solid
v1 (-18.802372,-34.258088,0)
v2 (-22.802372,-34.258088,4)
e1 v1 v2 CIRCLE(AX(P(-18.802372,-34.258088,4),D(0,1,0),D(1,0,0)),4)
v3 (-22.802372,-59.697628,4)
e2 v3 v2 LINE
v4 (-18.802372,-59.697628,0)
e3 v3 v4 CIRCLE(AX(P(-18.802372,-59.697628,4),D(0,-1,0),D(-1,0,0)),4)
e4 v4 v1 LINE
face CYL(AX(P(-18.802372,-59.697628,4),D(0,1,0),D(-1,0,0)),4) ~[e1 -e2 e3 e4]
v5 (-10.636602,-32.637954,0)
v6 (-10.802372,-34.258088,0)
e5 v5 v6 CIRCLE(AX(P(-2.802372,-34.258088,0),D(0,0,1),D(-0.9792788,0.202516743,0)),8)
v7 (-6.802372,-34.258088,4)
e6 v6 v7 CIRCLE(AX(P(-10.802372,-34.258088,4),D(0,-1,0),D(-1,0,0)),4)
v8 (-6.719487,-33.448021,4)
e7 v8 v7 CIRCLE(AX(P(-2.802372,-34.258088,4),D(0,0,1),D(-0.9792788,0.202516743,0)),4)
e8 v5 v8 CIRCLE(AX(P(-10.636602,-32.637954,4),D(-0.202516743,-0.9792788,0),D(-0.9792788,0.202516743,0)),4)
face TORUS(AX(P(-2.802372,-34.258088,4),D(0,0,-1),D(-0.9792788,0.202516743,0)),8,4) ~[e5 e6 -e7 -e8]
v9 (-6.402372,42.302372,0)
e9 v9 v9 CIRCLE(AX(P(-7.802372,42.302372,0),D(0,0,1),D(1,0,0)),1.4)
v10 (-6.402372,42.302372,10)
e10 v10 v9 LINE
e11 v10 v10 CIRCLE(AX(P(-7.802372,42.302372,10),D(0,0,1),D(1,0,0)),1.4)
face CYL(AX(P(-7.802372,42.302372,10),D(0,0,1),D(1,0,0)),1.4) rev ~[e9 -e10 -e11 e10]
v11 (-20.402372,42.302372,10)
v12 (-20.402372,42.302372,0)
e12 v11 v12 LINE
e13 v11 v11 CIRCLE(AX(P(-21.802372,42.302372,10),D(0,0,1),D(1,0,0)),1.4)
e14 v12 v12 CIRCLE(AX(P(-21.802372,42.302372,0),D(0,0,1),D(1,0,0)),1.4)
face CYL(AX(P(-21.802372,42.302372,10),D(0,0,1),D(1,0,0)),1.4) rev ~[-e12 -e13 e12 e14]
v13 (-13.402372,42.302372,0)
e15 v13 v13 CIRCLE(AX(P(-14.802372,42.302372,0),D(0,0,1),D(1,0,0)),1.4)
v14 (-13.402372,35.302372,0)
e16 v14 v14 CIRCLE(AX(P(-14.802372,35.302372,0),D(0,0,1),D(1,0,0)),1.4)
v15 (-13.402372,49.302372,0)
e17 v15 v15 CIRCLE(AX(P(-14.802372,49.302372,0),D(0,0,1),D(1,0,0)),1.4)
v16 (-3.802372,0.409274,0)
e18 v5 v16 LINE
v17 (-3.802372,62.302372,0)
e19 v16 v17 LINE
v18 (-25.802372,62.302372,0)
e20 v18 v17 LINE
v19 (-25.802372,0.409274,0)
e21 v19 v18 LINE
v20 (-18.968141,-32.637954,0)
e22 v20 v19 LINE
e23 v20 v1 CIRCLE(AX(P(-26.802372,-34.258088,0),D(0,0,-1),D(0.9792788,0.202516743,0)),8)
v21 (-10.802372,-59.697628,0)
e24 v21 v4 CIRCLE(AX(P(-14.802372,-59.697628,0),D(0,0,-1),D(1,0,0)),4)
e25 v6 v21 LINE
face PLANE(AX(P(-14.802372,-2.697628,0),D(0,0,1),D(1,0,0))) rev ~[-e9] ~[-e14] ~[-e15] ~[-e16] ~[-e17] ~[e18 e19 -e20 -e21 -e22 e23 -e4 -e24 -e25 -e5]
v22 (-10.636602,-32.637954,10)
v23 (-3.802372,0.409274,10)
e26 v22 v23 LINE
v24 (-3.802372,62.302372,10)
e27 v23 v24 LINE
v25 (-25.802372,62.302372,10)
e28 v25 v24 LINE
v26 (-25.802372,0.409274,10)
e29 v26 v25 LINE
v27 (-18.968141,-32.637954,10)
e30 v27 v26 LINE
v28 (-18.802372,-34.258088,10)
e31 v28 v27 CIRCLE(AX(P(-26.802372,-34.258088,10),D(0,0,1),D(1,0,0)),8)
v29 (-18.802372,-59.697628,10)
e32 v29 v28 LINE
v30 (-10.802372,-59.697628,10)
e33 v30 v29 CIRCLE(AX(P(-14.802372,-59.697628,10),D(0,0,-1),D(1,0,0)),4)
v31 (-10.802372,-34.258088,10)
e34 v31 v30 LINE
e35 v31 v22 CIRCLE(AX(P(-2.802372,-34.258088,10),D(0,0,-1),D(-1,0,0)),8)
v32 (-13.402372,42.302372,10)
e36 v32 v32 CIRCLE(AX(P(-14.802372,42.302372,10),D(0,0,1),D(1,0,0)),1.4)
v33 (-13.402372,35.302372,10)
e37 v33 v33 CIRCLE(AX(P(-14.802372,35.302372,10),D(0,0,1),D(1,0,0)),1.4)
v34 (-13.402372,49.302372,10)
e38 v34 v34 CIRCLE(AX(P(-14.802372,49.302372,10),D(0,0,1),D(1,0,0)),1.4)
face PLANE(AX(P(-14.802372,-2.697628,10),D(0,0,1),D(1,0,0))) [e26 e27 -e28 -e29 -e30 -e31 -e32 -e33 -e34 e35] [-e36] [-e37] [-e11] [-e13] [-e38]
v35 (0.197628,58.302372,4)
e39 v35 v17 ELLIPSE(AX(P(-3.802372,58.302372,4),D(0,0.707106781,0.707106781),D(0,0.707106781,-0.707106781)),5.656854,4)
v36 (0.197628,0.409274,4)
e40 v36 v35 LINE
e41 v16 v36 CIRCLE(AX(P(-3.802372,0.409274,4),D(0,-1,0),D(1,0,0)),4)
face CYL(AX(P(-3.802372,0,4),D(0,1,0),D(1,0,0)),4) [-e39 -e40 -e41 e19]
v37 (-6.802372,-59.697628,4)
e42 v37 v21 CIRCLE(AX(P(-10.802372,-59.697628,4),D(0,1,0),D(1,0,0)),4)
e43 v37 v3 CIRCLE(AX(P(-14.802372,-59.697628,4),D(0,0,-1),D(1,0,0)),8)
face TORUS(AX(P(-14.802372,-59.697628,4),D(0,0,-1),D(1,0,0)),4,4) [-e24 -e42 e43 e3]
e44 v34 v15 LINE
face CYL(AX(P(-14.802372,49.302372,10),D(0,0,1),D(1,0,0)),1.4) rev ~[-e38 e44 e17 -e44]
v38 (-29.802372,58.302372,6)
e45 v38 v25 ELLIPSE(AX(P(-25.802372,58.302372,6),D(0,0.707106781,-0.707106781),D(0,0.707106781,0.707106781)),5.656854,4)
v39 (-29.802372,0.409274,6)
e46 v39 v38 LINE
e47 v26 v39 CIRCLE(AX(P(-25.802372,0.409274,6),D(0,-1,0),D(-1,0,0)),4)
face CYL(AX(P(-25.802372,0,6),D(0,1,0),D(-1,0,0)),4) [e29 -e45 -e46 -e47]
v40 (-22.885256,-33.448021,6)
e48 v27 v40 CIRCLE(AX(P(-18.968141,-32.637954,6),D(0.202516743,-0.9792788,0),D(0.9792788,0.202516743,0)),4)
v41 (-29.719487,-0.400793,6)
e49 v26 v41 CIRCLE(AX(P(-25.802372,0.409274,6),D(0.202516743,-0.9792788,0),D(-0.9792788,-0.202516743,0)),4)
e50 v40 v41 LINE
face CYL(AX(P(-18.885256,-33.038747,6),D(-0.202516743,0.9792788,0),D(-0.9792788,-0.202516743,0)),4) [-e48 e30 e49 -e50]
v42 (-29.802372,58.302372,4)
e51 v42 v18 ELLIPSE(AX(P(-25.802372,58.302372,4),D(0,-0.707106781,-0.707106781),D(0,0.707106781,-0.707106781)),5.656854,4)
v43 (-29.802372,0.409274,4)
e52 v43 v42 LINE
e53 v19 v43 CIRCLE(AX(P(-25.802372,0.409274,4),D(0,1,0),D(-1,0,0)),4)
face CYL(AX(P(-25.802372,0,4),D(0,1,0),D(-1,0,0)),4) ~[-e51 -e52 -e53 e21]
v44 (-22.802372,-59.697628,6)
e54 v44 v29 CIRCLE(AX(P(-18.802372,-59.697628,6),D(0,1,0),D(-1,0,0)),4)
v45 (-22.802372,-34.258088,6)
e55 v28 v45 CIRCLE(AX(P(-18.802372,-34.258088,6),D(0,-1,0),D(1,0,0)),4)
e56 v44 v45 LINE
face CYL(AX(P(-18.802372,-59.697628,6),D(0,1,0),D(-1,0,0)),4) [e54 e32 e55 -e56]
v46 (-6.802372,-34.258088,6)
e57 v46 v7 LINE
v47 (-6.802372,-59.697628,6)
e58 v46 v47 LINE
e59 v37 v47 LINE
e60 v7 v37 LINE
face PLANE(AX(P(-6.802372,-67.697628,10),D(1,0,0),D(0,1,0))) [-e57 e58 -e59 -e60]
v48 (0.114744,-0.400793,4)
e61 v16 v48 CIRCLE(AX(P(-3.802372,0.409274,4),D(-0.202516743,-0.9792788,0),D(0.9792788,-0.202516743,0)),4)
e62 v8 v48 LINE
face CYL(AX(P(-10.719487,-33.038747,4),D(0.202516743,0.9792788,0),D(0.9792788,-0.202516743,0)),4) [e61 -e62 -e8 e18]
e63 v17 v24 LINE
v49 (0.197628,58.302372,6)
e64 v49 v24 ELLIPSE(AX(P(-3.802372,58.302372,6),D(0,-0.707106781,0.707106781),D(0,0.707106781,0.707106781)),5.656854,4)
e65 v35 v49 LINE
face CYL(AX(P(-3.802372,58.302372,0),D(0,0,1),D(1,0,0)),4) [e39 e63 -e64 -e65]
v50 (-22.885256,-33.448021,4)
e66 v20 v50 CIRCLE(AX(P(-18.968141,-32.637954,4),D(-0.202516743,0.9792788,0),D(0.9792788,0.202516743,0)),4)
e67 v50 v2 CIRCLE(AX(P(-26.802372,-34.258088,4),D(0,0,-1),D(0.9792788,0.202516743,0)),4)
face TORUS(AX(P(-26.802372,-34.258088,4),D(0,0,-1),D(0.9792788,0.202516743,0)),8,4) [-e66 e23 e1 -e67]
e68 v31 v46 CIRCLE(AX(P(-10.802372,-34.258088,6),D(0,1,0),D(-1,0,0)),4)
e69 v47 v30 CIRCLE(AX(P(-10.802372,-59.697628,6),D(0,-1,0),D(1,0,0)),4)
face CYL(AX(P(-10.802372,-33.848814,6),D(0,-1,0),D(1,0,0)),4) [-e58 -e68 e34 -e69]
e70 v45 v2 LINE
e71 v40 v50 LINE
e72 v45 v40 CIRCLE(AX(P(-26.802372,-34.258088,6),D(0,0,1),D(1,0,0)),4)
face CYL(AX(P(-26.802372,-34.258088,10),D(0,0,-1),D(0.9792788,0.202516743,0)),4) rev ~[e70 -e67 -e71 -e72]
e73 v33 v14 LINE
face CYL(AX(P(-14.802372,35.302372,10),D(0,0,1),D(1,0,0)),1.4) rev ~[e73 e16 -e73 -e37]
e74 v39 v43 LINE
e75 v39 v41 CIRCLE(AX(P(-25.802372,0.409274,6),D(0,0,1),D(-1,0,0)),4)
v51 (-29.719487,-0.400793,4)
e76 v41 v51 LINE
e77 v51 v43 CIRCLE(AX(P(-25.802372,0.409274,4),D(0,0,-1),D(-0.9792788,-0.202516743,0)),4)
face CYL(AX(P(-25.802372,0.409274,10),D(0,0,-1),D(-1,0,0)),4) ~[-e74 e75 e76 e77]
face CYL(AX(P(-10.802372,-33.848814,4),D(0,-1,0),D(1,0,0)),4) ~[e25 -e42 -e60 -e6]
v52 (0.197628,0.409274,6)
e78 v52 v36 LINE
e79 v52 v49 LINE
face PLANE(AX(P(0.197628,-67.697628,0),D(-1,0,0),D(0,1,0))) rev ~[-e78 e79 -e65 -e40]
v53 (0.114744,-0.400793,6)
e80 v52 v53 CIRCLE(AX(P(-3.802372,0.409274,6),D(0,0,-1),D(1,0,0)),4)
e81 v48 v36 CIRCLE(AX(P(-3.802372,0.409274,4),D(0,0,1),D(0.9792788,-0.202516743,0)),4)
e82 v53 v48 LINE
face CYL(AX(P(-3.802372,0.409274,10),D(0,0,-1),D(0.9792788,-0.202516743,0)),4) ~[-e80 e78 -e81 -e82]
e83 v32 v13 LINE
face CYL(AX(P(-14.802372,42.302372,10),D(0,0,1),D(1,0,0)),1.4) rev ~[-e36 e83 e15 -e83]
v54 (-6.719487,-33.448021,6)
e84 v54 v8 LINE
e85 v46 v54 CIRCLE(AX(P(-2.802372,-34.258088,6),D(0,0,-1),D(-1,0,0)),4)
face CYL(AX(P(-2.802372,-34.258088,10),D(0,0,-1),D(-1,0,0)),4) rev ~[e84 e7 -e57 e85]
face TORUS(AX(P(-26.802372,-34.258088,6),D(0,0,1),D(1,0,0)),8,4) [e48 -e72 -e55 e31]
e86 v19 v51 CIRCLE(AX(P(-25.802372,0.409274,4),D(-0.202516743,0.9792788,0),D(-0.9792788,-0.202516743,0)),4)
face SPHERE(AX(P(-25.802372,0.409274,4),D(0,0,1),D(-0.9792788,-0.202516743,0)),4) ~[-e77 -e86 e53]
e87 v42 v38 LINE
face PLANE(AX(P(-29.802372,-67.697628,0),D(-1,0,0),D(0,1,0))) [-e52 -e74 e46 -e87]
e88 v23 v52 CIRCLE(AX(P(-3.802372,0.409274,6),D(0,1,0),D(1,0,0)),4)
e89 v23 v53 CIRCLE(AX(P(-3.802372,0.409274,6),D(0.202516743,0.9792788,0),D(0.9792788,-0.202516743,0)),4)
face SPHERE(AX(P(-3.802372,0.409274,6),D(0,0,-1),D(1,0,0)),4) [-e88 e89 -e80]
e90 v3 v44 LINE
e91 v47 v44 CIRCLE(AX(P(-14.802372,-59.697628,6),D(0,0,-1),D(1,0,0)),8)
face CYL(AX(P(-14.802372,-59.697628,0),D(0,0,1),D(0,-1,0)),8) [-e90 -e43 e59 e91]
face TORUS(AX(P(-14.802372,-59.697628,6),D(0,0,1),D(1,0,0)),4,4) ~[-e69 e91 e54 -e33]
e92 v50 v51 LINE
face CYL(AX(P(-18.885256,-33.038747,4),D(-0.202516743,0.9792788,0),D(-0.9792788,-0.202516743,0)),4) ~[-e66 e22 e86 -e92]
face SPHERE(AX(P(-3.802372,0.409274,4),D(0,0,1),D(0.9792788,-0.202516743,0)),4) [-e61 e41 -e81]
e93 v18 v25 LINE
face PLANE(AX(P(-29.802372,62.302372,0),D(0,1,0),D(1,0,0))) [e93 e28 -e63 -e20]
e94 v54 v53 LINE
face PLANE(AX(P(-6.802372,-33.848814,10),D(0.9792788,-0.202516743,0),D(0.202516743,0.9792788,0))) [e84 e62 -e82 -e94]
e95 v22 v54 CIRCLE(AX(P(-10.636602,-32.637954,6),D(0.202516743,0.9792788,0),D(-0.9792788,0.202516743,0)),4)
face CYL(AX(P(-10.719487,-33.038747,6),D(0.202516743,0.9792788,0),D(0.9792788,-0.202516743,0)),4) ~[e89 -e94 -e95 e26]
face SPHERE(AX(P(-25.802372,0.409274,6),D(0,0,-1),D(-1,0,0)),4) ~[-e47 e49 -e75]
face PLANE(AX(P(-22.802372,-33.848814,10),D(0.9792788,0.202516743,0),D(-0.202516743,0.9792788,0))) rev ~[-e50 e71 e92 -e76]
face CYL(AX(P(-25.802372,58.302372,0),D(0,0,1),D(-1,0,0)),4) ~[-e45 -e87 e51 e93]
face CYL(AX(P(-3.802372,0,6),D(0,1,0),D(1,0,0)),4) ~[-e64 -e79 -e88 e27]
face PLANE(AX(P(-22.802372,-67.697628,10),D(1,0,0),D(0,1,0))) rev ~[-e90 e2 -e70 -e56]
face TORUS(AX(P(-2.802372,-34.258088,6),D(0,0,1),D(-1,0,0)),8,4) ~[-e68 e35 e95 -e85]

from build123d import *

# Parameters (mm, degrees)
SKETCH2_W           = 30
SKETCH2_H           = 130
BOSS_EXTRUDE1_DEPTH = 10
CUT_EXTRUDE3_DEPTH  = 75.64013832
FILLET3_RADIUS      = 8
FILLET3_LENGTH      = 10
FILLET4_R           = 4
SKETCH3_R           = 1.4
CUT_EXTRUDE4_DEPTH  = 75.64013841


with BuildPart() as part:
    # Sketch2 → Boss-Extrude1 (new body)
    with BuildSketch(Plane.XY):
        with Locations((-14.802371542, -2.697628458)):
            Rectangle(SKETCH2_W, SKETCH2_H)
    extrude(amount=BOSS_EXTRUDE1_DEPTH)

    # Sketch6 → Cut-Extrude3 (cut, through all)
    with BuildSketch(Plane.XY.offset(10)):
        Polygon((-29.802371542, -67.697628458), (-22.802371542, -67.697628458), (-22.802371542, -33.848814229), (-29.802371542, 0), align=None)
        Polygon((0.197628458, -67.697628458), (-6.802371542, -67.697628458), (-6.802371542, -33.848814229), (0.197628458, 0), align=None)
    extrude(amount=-CUT_EXTRUDE3_DEPTH, mode=Mode.SUBTRACT)

    # Fillet3: full round fillet: the end face becomes a half cylinder, R = half its width
    fillet3_face = Plane((-14.802371542, -67.697628458, 5), x_dir=(0, 0, 1), z_dir=(0, -1, 0))  # on the end face: x along it, z out of the body
    fillet3_slab = fillet3_face.offset(-FILLET3_RADIUS / 2) * Box(FILLET3_LENGTH, 2 * FILLET3_RADIUS, FILLET3_RADIUS, mode=Mode.PRIVATE)  # the body's end, R deep
    fillet3_round = Plane((-14.802371542, -59.697628458, 5), x_dir=(0, -1, 0), z_dir=(0, 0, 1)) * Cylinder(FILLET3_RADIUS, FILLET3_LENGTH, mode=Mode.PRIVATE)  # its axis R under the face
    add(fillet3_slab - fillet3_round, mode=Mode.SUBTRACT)

    # Fillet4
    fillet4_edges = [part.edges().sort_by_distance(p)[0] for p in [
        (0.197628458, 31.151185771, 0),
        (0.197628458, 31.151185771, 10),
        (-3.302371542, -16.924407115, 10),
        (-6.802371542, -33.848814229, 5),
        (0.197628458, 0, 5),
        (-3.302371542, -16.924407115, 0),
        (-26.302371542, -16.924407115, 10),
        (-29.802371542, 0, 5),
        (-22.802371542, -33.848814229, 5),
        (-26.302371542, -16.924407115, 0),
        (-22.802371542, -46.773221344, 10),
        (-22.802371542, -46.773221344, 0),
        (-6.802371542, -46.773221344, 10),
        (-6.802371542, -46.773221344, 0),
        (-14.802371542, -67.697628458, 0),
        (-14.802371542, -67.697628458, 10),
        (-29.802371542, 31.151185771, 10),
        (-29.802371542, 31.151185771, 0),
        (-29.802371542, 62.302371542, 5),
        (0.197628458, 62.302371542, 5),
    ]]
    fillet(fillet4_edges, radius=FILLET4_R)

    # Sketch3 → Cut-Extrude4 (cut, through all)
    with BuildSketch(Plane.XY.offset(10)):
        with Locations((-21.802371542, 42.302371542)):
            Circle(SKETCH3_R)
        with Locations((-14.802371542, 49.302371542)):
            Circle(SKETCH3_R)
        with Locations((-7.802371542, 42.302371542)):
            Circle(SKETCH3_R)
        with Locations((-14.802371542, 35.302371542)):
            Circle(SKETCH3_R)
        with Locations((-14.802371542, 42.302371542)):
            Circle(SKETCH3_R)
    extrude(amount=-CUT_EXTRUDE4_DEPTH, mode=Mode.SUBTRACT)


solid = part.part
